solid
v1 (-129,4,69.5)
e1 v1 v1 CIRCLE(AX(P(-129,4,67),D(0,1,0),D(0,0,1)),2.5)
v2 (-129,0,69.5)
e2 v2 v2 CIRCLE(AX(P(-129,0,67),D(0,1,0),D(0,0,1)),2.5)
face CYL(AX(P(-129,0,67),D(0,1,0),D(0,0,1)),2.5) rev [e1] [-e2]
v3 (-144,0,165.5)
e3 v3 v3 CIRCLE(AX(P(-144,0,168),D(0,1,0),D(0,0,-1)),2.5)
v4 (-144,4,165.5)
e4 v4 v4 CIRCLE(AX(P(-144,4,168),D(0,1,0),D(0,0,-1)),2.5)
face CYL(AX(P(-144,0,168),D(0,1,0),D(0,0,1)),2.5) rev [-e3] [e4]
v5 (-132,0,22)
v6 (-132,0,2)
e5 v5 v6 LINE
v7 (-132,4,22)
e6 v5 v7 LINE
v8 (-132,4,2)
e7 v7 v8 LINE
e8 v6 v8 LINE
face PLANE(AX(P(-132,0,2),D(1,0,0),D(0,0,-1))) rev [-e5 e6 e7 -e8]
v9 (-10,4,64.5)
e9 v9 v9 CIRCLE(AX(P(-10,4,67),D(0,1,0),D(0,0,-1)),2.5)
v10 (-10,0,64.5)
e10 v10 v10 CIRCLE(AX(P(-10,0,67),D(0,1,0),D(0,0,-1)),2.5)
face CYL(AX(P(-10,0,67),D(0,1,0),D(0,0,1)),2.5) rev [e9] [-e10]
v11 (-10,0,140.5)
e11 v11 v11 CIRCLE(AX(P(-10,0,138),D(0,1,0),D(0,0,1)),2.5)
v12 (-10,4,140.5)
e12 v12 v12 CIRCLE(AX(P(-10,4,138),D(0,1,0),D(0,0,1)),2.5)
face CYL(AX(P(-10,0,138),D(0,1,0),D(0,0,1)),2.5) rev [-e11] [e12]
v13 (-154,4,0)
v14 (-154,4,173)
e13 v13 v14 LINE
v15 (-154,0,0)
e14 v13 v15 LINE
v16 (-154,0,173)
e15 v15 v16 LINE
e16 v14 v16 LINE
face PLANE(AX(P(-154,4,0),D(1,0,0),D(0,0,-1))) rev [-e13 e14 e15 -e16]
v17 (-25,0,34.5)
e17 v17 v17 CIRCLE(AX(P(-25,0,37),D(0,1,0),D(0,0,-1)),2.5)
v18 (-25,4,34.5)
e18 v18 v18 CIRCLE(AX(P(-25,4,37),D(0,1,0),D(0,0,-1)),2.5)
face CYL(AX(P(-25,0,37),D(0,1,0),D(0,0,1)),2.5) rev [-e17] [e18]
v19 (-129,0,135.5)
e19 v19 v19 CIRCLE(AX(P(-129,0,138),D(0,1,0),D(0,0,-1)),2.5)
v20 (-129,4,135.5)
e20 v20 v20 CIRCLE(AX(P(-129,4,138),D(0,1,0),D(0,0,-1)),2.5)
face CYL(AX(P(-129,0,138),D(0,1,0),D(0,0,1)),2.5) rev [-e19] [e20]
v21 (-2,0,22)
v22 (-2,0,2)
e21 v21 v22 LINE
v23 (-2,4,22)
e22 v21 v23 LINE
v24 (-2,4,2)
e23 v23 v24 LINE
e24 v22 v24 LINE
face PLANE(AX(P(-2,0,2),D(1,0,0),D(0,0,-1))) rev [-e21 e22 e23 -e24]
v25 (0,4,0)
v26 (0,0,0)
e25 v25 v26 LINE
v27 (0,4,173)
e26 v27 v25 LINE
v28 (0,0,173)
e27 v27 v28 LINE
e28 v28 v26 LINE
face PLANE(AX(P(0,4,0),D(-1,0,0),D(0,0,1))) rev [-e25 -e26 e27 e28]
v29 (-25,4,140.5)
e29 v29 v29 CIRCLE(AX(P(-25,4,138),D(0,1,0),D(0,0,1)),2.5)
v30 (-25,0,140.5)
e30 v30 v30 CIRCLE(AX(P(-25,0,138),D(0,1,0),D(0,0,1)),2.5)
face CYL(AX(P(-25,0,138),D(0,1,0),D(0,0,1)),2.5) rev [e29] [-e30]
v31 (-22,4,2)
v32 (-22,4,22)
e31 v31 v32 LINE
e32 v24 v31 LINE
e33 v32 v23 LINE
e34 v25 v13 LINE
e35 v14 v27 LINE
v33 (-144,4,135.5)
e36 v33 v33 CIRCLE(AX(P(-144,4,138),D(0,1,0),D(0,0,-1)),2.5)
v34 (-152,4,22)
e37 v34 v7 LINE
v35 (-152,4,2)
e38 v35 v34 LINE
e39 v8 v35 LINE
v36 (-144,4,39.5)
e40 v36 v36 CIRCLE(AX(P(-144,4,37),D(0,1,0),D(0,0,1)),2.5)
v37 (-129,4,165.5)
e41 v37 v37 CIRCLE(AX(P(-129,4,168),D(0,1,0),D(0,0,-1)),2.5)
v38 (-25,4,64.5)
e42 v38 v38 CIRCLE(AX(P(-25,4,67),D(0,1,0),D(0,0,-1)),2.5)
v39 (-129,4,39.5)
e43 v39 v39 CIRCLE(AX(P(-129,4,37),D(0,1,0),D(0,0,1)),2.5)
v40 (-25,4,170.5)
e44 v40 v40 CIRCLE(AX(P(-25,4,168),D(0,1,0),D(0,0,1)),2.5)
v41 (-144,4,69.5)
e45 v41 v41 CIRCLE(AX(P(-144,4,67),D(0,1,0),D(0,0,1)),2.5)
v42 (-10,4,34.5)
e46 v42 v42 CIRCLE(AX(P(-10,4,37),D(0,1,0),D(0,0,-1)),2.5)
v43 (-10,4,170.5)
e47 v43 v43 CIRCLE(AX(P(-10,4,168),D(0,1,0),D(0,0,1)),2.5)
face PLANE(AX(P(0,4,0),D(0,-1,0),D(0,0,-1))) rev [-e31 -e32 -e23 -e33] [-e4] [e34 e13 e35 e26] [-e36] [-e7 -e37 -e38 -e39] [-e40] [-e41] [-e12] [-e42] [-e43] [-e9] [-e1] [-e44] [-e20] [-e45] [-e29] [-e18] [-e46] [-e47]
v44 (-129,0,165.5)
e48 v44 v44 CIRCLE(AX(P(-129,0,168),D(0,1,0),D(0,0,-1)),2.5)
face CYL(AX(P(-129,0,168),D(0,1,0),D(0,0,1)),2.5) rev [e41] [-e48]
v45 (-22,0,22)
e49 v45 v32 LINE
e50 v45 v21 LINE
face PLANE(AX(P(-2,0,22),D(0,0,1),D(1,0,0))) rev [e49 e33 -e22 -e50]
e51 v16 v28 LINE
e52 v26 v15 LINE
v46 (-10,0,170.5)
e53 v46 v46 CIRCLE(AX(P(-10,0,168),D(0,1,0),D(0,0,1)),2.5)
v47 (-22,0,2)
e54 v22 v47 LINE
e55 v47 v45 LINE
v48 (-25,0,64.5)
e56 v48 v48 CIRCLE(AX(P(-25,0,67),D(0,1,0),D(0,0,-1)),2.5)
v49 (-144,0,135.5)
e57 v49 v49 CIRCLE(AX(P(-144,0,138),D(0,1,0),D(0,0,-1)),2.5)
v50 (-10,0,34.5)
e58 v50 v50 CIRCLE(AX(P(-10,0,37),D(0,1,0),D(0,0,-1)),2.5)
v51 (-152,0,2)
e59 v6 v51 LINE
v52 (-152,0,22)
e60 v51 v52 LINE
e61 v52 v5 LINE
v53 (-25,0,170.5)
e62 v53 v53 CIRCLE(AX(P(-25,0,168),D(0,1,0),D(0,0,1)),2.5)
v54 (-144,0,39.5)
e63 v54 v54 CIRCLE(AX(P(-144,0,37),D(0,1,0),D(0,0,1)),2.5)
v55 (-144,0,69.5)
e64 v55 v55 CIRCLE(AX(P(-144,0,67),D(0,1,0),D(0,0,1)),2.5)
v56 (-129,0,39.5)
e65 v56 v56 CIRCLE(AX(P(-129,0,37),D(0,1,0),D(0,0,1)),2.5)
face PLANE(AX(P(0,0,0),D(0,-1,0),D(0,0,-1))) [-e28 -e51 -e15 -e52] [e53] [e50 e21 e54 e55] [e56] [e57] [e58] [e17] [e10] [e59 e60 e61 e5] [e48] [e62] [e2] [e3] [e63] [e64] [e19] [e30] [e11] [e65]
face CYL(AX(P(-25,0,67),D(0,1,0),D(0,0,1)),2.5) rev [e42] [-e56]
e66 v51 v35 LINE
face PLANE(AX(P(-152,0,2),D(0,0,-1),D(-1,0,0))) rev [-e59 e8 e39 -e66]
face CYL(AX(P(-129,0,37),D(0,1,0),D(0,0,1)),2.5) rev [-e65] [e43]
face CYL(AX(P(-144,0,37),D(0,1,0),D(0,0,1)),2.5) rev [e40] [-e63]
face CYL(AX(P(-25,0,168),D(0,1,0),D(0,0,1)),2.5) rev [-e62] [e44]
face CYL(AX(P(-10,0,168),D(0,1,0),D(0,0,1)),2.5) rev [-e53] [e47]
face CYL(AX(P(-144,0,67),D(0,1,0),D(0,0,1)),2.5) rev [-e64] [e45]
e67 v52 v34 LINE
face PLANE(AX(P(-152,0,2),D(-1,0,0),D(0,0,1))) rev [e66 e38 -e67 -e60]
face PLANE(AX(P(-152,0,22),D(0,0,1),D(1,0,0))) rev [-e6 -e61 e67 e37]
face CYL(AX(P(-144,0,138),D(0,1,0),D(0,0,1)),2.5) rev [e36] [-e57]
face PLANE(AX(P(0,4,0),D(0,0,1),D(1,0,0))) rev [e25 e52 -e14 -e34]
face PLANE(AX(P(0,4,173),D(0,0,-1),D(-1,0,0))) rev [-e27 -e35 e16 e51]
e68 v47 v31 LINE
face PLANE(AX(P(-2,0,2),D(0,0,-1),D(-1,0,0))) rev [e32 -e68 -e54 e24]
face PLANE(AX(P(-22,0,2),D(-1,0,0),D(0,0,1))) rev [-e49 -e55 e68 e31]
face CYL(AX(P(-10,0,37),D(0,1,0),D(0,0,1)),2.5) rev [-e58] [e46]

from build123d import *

# Parameters (mm, degrees)
SKETCH1_W           = 154
SKETCH1_H           = 173
BOSS_EXTRUDE1_DEPTH = 4
SKETCH2_R           = 2.5
SKETCH2_W           = 20
SKETCH2_H           = 20
CUT_EXTRUDE1_DEPTH  = 4


with BuildPart() as part:
    # Sketch1 → Boss-Extrude1 (new body)
    with BuildSketch(Plane(origin=(0, 0, 0), x_dir=(1, 0, 0), z_dir=(0, 1, 0))):
        with Locations((-77, -86.5)):
            Rectangle(SKETCH1_W, SKETCH1_H)
    extrude(amount=BOSS_EXTRUDE1_DEPTH)

    # Sketch2 → Cut-Extrude1 (cut)
    with BuildSketch(Plane(origin=(0, 4, 0), x_dir=(1, 0, 0), z_dir=(0, 1, 0))):
        with Locations(Location((-144, -37, 0), (0, 0, 270))):
            Circle(SKETCH2_R)
        with Locations(Location((-129, -37, 0), (0, 0, 270))):
            Circle(SKETCH2_R)
        with Locations(Location((-144, -67, 0), (0, 0, 270))):
            Circle(SKETCH2_R)
        with Locations(Location((-129, -67, 0), (0, 0, 270))):
            Circle(SKETCH2_R)
        with Locations(Location((-25, -67, 0), (0, 0, 90))):
            Circle(SKETCH2_R)
        with Locations(Location((-10, -67, 0), (0, 0, 90))):
            Circle(SKETCH2_R)
        with Locations(Location((-25, -37, 0), (0, 0, 90))):
            Circle(SKETCH2_R)
        with Locations(Location((-10, -37, 0), (0, 0, 90))):
            Circle(SKETCH2_R)
        with Locations(Location((-10, -168, 0), (0, 0, 270))):
            Circle(SKETCH2_R)
        with Locations(Location((-25, -168, 0), (0, 0, 270))):
            Circle(SKETCH2_R)
        with Locations(Location((-10, -138, 0), (0, 0, 270))):
            Circle(SKETCH2_R)
        with Locations(Location((-25, -138, 0), (0, 0, 270))):
            Circle(SKETCH2_R)
        with Locations(Location((-129, -138, 0), (0, 0, 90))):
            Circle(SKETCH2_R)
        with Locations(Location((-144, -138, 0), (0, 0, 90))):
            Circle(SKETCH2_R)
        with Locations(Location((-129, -168, 0), (0, 0, 90))):
            Circle(SKETCH2_R)
        with Locations(Location((-144, -168, 0), (0, 0, 90))):
            Circle(SKETCH2_R)
        with Locations((-142, -12)):
            Rectangle(SKETCH2_W, SKETCH2_H)
        with Locations((-12, -12)):
            Rectangle(SKETCH2_W, SKETCH2_H)
    extrude(amount=-CUT_EXTRUDE1_DEPTH, mode=Mode.SUBTRACT)


solid = part.part
